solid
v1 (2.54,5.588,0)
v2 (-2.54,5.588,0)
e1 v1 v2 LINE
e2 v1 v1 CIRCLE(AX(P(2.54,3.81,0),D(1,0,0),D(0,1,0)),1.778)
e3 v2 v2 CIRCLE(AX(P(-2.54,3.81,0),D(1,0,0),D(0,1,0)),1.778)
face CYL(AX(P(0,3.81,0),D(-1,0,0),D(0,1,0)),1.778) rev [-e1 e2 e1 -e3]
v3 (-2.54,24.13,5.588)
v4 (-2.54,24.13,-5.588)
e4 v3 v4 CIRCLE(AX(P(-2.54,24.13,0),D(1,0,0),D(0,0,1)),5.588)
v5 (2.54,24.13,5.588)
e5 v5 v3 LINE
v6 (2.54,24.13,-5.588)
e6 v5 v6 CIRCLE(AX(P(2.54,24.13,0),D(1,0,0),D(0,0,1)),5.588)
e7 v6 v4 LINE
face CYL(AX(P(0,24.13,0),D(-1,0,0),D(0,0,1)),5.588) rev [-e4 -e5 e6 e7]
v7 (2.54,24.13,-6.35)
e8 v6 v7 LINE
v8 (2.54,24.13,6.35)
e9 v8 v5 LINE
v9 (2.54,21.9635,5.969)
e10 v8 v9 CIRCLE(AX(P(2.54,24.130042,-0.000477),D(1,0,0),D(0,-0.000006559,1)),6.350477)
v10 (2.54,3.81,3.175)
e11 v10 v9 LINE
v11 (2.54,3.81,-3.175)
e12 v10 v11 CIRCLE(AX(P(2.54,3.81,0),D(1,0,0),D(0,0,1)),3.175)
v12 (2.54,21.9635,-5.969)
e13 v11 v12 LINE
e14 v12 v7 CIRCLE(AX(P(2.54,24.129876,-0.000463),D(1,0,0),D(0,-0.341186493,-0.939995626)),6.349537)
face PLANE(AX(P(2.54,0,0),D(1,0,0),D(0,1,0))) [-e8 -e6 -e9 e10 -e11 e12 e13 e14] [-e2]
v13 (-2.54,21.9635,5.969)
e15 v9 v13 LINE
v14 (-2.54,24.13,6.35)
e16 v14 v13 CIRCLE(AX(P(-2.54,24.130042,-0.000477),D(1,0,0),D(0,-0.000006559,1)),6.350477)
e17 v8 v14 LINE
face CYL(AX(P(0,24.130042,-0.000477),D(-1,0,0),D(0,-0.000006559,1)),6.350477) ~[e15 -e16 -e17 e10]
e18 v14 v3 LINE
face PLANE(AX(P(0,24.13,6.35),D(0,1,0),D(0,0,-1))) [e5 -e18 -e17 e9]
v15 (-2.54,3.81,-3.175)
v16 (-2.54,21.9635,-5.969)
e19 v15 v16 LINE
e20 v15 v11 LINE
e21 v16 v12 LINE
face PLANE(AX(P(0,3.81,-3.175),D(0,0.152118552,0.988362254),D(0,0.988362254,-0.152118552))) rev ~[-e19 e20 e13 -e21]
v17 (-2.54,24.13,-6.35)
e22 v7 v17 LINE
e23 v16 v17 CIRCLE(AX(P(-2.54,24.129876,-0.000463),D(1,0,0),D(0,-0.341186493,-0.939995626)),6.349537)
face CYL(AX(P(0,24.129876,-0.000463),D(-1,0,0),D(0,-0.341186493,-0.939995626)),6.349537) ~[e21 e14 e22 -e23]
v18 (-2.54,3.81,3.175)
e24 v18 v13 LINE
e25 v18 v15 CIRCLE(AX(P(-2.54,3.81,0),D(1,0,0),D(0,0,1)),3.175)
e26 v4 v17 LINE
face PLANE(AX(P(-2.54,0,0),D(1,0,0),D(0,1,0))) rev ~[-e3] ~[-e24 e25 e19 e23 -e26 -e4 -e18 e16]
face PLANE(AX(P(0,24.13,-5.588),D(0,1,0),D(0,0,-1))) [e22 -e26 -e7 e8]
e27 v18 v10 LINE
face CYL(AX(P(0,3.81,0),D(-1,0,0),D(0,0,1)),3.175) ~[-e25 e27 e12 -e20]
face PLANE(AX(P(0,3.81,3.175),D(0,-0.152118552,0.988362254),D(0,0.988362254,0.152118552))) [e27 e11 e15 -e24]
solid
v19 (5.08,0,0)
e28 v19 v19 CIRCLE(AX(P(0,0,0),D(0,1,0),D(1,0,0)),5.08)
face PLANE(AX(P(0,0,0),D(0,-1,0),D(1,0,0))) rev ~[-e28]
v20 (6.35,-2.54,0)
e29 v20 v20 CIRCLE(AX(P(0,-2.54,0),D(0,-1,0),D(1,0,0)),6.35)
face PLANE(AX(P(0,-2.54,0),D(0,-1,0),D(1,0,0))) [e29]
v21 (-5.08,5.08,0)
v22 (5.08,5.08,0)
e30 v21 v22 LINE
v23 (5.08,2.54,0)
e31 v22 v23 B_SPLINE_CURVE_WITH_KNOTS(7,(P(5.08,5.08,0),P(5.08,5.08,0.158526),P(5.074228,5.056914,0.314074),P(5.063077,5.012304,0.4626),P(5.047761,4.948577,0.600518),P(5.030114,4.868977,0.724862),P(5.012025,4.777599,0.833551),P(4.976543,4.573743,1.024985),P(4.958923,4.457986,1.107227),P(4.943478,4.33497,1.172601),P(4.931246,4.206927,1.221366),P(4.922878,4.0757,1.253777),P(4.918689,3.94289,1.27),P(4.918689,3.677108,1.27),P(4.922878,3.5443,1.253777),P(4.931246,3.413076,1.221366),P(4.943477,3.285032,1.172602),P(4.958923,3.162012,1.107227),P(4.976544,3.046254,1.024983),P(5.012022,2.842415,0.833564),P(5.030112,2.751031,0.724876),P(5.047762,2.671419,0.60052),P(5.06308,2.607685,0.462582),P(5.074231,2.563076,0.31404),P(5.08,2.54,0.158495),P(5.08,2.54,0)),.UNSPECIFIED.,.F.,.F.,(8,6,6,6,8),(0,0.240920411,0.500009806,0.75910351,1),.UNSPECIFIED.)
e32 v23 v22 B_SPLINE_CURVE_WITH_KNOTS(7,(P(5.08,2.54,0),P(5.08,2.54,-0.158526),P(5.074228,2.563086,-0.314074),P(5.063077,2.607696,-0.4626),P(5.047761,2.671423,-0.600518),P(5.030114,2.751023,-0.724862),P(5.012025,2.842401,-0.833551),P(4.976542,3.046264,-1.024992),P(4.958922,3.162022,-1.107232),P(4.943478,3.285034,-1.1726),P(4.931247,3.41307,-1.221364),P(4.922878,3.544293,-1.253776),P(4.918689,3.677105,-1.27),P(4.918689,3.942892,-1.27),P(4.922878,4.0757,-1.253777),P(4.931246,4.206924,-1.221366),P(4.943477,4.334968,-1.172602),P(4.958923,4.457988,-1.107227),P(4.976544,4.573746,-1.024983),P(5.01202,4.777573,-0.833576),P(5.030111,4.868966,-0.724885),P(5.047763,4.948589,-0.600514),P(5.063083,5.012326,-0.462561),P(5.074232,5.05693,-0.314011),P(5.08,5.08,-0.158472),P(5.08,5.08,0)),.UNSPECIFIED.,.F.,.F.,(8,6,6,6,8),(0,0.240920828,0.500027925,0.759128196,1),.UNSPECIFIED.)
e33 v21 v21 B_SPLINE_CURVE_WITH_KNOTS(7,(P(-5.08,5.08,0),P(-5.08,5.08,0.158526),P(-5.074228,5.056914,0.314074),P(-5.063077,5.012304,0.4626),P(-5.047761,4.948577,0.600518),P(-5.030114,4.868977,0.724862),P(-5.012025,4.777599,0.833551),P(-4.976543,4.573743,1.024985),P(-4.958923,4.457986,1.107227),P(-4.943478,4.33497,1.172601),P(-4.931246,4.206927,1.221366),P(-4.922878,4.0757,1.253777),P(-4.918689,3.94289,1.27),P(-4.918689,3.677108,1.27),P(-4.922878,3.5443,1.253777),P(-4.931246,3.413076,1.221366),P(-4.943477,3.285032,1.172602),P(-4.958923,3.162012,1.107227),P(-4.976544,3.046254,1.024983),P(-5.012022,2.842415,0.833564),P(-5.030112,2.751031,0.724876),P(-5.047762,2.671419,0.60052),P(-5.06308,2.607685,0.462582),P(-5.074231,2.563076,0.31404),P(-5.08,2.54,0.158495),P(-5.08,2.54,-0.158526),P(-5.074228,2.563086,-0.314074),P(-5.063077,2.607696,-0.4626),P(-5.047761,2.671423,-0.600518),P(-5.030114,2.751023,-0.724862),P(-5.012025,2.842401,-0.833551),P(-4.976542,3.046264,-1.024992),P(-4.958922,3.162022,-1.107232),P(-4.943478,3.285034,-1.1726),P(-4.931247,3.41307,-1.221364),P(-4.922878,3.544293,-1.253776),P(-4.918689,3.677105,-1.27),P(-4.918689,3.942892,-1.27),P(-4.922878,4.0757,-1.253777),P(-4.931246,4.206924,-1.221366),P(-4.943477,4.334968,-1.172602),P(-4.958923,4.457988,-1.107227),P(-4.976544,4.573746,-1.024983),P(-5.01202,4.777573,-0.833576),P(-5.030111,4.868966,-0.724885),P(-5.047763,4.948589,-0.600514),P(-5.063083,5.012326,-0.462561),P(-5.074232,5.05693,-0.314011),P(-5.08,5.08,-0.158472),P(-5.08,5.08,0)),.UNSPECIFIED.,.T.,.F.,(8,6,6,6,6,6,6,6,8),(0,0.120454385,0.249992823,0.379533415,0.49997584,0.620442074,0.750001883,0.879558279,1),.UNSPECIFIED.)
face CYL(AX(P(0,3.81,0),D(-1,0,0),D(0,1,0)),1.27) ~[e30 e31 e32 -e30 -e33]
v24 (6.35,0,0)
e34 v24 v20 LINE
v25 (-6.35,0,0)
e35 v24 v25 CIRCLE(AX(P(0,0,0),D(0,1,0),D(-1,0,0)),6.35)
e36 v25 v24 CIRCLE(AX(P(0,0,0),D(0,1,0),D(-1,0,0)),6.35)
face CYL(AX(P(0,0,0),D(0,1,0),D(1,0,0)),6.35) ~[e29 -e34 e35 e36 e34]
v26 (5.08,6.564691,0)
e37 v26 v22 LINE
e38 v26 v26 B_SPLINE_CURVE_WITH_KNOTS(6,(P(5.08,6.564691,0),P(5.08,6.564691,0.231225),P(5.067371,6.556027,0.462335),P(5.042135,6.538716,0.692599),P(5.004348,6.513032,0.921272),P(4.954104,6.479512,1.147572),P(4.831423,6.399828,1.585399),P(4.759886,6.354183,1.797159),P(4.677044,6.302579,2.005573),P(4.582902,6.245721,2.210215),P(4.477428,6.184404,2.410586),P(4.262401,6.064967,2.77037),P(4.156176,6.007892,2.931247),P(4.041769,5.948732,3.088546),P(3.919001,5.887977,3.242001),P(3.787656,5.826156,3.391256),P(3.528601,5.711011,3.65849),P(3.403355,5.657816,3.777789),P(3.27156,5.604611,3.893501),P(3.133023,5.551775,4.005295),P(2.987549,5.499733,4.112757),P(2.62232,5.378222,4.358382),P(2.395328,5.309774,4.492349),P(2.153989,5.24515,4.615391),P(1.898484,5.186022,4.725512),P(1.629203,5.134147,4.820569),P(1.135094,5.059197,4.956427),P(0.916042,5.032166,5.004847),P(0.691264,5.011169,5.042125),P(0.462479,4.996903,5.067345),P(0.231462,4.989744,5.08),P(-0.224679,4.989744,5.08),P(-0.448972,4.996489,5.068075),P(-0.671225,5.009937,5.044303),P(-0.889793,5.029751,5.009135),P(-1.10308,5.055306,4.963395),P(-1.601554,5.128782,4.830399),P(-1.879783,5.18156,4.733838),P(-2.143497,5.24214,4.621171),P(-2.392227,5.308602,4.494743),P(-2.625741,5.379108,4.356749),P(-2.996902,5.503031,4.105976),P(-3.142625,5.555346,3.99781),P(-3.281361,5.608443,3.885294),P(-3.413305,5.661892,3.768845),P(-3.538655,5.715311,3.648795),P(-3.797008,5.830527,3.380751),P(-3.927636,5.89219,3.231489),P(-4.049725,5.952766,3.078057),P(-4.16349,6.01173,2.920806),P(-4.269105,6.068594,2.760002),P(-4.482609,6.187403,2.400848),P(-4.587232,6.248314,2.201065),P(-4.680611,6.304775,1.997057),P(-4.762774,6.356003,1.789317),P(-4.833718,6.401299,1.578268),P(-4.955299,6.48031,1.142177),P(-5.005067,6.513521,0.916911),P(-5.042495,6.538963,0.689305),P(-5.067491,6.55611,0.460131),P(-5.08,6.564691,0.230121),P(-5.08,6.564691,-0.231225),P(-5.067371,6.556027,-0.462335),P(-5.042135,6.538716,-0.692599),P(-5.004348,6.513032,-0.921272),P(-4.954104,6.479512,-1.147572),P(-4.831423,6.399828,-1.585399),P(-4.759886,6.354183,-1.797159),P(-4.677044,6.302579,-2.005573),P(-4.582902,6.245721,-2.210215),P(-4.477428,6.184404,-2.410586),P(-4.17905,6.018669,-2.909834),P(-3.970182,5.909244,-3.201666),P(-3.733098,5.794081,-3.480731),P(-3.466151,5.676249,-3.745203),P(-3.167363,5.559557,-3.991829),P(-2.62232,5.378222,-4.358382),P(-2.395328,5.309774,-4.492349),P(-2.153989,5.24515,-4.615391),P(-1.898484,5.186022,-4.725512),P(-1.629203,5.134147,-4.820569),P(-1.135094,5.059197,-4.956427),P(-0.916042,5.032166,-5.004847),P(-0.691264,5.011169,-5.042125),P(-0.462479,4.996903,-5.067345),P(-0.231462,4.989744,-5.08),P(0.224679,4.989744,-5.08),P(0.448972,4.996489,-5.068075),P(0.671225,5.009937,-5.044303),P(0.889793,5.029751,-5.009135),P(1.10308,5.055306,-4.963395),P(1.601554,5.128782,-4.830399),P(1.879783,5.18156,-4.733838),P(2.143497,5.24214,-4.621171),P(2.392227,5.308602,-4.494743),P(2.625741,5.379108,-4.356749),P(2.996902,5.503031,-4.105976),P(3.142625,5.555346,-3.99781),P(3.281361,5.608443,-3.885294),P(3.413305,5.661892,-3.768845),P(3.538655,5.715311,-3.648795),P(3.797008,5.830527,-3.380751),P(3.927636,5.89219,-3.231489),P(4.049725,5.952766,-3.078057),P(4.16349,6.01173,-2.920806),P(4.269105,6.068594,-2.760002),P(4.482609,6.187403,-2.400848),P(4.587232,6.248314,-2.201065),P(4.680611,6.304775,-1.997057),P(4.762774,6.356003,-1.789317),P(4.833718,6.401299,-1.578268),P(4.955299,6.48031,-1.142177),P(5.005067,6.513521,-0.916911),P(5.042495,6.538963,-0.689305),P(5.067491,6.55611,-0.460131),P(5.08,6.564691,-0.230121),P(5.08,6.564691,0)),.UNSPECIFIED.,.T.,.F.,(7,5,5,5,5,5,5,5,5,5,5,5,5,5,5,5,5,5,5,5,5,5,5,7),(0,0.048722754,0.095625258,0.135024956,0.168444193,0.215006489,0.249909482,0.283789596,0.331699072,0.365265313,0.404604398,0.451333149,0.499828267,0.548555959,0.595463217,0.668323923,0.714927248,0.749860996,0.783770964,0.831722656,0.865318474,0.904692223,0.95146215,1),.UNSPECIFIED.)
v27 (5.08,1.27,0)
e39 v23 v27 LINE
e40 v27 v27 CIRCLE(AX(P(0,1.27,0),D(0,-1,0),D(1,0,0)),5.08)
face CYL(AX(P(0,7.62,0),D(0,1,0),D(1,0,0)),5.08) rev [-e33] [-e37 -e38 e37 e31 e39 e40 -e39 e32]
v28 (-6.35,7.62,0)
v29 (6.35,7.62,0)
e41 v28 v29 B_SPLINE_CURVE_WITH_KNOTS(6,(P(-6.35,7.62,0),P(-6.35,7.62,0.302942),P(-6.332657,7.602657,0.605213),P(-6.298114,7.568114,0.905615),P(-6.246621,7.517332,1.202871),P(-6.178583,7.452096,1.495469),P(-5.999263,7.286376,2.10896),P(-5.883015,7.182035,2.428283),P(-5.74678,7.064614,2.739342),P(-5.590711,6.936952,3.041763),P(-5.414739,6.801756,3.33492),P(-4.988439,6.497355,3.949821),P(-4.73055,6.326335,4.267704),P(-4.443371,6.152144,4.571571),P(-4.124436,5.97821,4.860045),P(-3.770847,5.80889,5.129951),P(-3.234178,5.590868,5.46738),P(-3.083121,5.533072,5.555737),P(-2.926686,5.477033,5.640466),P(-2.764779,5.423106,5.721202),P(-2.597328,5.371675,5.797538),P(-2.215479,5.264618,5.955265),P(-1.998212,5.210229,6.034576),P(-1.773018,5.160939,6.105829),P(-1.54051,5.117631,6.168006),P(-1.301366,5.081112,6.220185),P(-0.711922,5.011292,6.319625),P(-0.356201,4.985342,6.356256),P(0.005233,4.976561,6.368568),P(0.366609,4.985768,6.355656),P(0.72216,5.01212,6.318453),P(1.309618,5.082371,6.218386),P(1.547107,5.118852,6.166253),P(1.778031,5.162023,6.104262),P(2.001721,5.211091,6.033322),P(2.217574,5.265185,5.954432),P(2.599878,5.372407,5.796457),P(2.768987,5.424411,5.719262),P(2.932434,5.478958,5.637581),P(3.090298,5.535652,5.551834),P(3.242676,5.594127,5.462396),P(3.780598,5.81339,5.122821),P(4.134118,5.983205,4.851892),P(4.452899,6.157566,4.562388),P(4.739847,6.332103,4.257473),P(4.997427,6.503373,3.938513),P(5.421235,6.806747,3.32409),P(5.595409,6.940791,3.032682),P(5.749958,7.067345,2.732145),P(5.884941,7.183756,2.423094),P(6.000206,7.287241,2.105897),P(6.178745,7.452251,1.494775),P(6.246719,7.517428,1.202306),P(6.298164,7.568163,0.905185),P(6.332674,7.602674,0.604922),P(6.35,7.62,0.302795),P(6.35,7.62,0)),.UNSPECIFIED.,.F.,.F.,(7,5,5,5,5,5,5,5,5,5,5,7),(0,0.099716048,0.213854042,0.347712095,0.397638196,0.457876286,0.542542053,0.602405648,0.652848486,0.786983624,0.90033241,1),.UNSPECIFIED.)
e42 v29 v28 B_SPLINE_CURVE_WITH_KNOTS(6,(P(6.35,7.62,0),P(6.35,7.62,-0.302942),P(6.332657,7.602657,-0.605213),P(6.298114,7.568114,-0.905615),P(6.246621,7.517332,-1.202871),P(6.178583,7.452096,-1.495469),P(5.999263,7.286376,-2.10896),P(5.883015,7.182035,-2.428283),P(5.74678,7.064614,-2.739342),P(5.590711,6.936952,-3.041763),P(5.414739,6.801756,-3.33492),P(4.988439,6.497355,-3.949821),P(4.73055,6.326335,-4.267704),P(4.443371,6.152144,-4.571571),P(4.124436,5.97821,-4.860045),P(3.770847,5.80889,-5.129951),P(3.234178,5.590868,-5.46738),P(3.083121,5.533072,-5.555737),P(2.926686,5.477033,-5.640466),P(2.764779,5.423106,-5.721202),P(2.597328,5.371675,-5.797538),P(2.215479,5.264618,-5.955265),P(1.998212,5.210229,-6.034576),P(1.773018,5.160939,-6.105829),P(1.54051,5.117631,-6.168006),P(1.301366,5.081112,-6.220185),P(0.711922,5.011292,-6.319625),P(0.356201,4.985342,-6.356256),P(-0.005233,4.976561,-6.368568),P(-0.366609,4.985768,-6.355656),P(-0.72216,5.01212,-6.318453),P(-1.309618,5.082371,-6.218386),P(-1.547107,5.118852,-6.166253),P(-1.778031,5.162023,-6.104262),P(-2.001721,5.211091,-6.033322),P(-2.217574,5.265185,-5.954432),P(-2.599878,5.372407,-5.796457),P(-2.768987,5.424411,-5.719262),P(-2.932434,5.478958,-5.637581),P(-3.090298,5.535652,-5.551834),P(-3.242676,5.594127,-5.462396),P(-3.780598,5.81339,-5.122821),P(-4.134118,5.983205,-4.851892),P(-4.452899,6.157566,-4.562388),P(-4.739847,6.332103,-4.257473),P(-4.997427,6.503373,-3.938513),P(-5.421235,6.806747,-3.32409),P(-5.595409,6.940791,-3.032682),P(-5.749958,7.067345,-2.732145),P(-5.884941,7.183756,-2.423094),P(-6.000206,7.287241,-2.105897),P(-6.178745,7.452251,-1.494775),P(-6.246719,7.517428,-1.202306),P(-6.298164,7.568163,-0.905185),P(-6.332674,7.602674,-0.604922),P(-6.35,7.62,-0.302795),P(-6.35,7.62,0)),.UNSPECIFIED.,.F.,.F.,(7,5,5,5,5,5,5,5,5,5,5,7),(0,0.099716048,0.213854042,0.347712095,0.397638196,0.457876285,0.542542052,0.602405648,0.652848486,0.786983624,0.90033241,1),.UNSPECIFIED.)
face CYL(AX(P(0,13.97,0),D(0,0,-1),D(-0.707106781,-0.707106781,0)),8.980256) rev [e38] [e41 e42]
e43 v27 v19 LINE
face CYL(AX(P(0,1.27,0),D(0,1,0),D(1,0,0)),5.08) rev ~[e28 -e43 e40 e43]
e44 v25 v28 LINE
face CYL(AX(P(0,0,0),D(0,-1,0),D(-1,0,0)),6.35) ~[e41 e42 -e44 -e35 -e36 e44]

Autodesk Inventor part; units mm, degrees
ref_plane "XZ Plane" through (0, 0, 0) normal (0, 1, 0) x (-1, 0, 0)
ref_plane "XY Plane" through (0, 0, 0) normal (0, 0, 1) x (1, 0, 0)
sketch "Sketch1" plane through (0, 0, 0) normal (0, 1, 0) x (-1, 0, 0)
  circle A0 centre (0, 0) radius 6.35
  dimension "d0" = 12.7
extrude "Extrusion1" add sketch "Sketch1" along normal blind 7.62
sketch "Sketch2" plane through (0, 0, 0) normal (0, 0, 1) x (1, 0, 0)
  line L0 (6.35, 7.62) -> (-6.35, 7.62) projected
  arc A0 (-6.35, 7.62) -> (6.35, 7.62) centre (0, 13.97) ccw
  line L1 (-6.35, 7.62) -> (-6.35, 5.08) construction
  line L2 (-6.35, 0) -> (-6.35, 7.62) construction
  point P0 (0, 0)
  dimension "d5" = 2.54
  dimension "d6" = 8.89
extrude "Extrusion2" cut sketch "Sketch2" along normal mid plane 25.4
ref_plane "Work Plane1" through (0, 7.62, 0) normal (0, -1, 0) x (1, 0, 0)
sketch "Sketch3" plane through (0, 7.62, 0) normal (0, -1, 0) x (1, 0, 0)
  circle A0 centre (0, 0) radius 5.08
  dimension "d10" = 10.16
extrude "Extrusion3" cut sketch "Sketch3" along normal blind 6.35
sketch "Sketch4" plane through (0, 0, 0) normal (1, 0, 0) x (0, 1, 0)
  circle A0 centre (3.81, 0) radius 1.27
  line L0 (1.27, 5.08) -> (1.27, -5.08) projected
  point P0 (0, 0)
  dimension "d13" = 2.54
  dimension "d14" = 2.54
extrude "Extrusion4" add sketch "Sketch4" along normal mid plane 11.43
sketch "Sketch6" plane through (0, 1.27, 0) normal (0, 1, 0) x (1, 0, 0)
  circle A0 centre (0, 0) radius 5.08 projected
extrude "Extrusion6" cut sketch "Sketch6" against normal blind 25.4
sketch "Sketch5" plane through (0, 0, 0) normal (1, 0, 0) x (0, 1, 0)
  circle A0 centre (3.81, 0) radius 1.778
  arc A1 (3.81, 3.175) -> (3.81, -3.175) centre (3.81, 0) ccw
  arc A2 (24.13, 5.588) -> (24.13, -5.588) centre (24.13, 0) ccw
  line L0 (24.13, 6.35) -> (24.13, 5.588)
  line L1 (24.13, -5.588) -> (24.13, -6.35)
  arc A3 (24.13, 6.35) -> (21.9635, 5.969) centre (24.13, 0) ccw
  arc A4 (21.9635, -5.969) -> (24.13, -6.35) centre (24.13, 0) ccw
  line L2 (3.81, 3.175) -> (21.9635, 5.969)
  line L3 (3.81, -3.175) -> (21.9635, -5.969)
  point P0 (0, 0)
  point P1 (3.81, 1.27)
  dimension "d17" = 3.556
  dimension "d18" = 6.35
  dimension "d21" = 11.176
  dimension "d22" = 0
  dimension "d23" = 20.32
extrude "Extrusion5" add sketch "Sketch5" along normal mid plane 5.08
sketch "Sketch7" plane through (0, 0, 0) normal (0, -1, 0) x (1, 0, 0)
  circle A0 centre (0, 0) radius 5.08 construction
  circle A1 centre (0, 0) radius 6.35 projected
extrude "Extrusion7" add sketch "Sketch7" along normal blind 2.54
sketch "Sketch8" plane through (0, 0, 0) normal (1, 0, 0) x (0, 1, 0)
  point P0 (0, 0)
properties part number "PistonTest2"
